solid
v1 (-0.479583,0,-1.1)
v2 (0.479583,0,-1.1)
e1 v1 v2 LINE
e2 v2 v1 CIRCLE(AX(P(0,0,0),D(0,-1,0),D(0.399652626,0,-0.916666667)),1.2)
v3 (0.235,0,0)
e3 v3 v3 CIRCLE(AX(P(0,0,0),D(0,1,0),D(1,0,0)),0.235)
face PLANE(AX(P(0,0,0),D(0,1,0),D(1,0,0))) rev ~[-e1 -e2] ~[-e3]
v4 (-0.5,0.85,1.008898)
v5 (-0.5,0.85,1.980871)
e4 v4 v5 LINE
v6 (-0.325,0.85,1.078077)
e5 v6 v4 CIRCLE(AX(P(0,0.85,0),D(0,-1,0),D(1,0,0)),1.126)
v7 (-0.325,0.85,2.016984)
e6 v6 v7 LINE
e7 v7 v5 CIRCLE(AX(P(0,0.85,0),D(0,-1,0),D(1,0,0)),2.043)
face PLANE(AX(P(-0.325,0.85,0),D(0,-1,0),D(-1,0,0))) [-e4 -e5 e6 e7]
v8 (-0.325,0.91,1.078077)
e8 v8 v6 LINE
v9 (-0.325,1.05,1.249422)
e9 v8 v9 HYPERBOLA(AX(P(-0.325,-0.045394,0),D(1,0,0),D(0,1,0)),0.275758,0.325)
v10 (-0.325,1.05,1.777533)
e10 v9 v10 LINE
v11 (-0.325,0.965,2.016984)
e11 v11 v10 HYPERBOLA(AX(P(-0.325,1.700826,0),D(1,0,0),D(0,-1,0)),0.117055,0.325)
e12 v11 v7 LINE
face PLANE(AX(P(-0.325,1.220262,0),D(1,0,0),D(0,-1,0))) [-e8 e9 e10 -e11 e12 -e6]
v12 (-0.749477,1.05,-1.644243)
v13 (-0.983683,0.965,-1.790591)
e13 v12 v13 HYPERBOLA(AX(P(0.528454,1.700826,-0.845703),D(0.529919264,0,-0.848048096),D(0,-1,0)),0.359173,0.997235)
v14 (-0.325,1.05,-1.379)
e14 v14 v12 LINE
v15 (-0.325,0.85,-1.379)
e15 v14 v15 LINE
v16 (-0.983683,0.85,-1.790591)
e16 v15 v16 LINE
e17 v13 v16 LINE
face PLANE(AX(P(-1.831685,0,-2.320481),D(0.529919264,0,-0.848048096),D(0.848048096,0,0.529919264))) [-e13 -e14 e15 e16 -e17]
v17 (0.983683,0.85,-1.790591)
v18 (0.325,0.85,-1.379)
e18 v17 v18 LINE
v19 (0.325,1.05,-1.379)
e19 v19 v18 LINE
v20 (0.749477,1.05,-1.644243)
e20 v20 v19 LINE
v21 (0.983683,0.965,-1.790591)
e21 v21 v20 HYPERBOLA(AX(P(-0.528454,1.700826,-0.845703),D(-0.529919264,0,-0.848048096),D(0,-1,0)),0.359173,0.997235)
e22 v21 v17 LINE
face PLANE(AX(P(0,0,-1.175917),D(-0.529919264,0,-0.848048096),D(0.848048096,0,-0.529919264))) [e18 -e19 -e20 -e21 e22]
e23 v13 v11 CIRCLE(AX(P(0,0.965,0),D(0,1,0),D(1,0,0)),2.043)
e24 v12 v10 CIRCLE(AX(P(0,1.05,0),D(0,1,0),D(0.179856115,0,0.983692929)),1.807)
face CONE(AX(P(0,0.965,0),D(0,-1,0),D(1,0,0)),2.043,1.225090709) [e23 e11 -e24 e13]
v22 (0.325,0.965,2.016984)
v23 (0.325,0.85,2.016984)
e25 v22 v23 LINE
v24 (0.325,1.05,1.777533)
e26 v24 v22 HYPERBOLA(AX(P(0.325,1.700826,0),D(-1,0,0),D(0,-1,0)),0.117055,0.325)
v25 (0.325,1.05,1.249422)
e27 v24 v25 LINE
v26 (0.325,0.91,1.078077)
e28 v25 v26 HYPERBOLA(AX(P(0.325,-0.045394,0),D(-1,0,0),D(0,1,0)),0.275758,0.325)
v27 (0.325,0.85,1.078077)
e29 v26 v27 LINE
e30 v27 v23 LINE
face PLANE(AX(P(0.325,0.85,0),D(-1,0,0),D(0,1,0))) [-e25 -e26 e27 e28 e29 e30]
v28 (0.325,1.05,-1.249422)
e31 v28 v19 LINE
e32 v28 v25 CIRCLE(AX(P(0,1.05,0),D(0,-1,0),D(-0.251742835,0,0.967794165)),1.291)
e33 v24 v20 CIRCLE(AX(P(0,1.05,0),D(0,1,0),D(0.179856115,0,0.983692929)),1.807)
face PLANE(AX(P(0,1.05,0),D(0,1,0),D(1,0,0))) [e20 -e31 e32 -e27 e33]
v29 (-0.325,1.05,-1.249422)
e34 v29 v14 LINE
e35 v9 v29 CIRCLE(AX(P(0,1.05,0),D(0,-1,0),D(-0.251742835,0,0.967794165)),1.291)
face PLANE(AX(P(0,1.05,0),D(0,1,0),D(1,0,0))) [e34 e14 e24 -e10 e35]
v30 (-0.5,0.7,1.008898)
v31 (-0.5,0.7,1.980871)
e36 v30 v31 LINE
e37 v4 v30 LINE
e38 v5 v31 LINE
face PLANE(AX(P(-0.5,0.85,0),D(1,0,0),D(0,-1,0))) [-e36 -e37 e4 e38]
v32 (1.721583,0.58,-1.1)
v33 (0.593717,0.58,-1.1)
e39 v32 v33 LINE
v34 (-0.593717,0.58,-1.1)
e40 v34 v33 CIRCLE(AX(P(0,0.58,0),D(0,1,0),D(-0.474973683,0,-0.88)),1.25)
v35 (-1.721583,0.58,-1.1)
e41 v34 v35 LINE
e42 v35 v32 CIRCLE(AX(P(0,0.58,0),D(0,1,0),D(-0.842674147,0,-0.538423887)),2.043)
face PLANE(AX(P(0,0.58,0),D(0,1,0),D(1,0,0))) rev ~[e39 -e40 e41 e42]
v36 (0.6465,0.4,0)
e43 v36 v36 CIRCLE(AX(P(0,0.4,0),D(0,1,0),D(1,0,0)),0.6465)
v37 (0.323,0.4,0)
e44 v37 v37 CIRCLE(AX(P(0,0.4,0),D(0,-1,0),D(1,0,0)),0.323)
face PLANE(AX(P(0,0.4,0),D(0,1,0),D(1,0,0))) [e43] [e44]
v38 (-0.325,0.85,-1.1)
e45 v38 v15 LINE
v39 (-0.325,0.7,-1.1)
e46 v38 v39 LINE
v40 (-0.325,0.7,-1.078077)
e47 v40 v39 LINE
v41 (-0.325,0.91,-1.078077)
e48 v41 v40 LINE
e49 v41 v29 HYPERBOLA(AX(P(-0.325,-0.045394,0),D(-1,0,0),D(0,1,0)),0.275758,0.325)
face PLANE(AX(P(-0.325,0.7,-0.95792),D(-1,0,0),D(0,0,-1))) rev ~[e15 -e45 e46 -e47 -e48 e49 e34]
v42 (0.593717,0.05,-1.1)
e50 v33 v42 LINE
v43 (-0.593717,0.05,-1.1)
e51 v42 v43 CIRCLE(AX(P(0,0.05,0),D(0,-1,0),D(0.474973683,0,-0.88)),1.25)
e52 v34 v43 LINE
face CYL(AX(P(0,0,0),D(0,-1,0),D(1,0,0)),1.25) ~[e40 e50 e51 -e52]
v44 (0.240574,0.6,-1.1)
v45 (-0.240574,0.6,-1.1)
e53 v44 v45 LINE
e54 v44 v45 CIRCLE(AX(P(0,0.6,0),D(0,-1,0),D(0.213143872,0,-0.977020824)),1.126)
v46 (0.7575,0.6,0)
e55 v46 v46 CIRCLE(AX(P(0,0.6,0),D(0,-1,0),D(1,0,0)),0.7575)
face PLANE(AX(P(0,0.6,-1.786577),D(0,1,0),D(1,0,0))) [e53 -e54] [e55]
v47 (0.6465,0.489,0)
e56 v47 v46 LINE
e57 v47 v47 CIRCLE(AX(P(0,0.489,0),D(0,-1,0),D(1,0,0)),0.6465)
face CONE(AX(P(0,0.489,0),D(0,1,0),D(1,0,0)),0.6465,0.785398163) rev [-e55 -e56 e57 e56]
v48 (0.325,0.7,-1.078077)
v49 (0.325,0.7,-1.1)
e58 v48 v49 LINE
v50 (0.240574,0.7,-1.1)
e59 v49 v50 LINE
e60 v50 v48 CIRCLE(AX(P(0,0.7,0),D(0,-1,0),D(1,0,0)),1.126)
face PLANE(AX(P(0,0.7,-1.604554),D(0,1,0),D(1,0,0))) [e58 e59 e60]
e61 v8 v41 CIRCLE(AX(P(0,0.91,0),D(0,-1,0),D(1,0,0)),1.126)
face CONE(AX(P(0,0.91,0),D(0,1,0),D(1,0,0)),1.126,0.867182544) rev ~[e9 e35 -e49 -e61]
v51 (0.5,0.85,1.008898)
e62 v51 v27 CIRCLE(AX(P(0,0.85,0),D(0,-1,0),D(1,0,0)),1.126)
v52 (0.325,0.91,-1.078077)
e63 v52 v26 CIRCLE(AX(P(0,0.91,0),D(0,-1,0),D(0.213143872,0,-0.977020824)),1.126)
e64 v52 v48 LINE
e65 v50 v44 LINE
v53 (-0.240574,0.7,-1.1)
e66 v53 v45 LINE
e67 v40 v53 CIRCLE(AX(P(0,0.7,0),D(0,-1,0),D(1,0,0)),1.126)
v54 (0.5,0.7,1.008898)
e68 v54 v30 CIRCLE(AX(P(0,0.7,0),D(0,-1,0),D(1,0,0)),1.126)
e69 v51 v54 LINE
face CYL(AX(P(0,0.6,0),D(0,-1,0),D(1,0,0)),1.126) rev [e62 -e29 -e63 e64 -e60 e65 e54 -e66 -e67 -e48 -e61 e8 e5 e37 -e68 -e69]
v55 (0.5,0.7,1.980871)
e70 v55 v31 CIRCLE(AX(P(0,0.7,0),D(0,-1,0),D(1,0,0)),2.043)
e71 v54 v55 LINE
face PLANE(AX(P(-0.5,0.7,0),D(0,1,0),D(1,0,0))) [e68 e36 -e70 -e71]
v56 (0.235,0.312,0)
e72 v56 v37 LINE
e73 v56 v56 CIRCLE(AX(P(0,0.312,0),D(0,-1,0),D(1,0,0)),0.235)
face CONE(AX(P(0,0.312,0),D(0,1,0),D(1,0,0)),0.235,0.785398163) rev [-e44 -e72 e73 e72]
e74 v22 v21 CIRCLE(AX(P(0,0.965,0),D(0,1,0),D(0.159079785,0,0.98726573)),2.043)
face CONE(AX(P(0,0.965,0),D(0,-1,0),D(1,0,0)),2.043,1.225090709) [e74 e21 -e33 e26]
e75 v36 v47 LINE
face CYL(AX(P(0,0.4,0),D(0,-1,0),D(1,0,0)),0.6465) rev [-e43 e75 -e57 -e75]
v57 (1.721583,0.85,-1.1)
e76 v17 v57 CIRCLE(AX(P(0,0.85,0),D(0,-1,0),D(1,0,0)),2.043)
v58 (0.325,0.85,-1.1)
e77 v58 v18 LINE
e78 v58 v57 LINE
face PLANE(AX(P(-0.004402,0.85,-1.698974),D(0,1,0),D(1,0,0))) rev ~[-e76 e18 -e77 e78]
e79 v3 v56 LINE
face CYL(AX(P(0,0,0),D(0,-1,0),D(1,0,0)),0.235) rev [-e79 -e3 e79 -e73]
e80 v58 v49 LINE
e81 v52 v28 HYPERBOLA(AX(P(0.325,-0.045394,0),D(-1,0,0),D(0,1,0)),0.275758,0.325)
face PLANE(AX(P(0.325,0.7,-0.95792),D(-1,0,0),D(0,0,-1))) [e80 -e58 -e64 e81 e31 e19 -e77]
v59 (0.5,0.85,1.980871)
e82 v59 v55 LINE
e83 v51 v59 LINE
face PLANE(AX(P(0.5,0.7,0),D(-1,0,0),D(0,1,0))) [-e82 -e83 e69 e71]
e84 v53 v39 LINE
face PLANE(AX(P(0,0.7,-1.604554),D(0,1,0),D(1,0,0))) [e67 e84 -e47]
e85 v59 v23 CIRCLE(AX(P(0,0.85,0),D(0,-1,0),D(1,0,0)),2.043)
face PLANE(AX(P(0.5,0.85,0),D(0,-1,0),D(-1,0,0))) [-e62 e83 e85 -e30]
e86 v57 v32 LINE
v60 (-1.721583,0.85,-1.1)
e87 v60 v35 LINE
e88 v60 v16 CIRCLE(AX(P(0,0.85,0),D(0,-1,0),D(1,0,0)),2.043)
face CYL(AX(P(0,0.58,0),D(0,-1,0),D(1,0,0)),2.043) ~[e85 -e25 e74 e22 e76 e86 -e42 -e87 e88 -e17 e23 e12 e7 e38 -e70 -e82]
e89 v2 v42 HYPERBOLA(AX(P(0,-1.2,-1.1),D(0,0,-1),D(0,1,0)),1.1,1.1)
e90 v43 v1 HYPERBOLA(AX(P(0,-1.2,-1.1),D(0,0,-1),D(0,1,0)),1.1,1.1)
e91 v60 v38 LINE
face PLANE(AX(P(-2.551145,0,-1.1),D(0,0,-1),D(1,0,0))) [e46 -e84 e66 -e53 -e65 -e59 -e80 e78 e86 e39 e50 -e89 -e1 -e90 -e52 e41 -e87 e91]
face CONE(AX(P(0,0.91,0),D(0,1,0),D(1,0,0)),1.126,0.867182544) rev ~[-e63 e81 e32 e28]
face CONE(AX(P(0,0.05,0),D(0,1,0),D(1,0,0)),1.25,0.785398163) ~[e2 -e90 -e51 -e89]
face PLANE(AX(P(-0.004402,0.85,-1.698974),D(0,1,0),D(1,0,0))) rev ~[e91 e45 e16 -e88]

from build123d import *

# Parameters (mm, degrees)
SKETCH1_R           = 1.25
BOSS_EXTRUDE1_DEPTH = 0.58
SKETCH2_R           = 2.043
BOSS_EXTRUDE2_DEPTH = 0.47
CUT_EXTRUDE1_REACH  = 3.45
CUT_EXTRUDE1_START  = 0.4
SKETCH3_R           = 0.6465
CUT_EXTRUDE2_REACH  = 3.65
CUT_EXTRUDE2_START  = 0.6
SKETCH4_R           = 1.126
CUT_EXTRUDE3_REACH  = 3.05
SKETCH5_R           = 0.235
CHAMFER1_SIZE       = 0.05
CHAMFER2_SIZE       = 0.088
CHAMFER3_SIZE       = 0.111
CHAMFER4_SIZE       = 0.165
CHAMFER4_SIZE2      = 0.14
CHAMFER5_SIZE       = 0.085
CHAMFER5_SIZE2      = 0.236
CUT_EXTRUDE4_REACH  = 4.043
CUT_EXTRUDE5_REACH  = 2.45
SKETCH8_W           = 0.48
SKETCH8_H           = 1.704544177
SKETCH9_W           = 0.65
SKETCH9_H           = 1.293267811
CUT_EXTRUDE6_DEPTH  = 0.35
SKETCH10_W          = 5.093485532
SKETCH10_H          = 1.197948417
CUT_EXTRUDE7_DEPTH  = 0.85
CUT_EXTRUDE8_DEPTH  = 2.05


with BuildPart() as part:
    # Sketch1 → Boss-Extrude1 (new body)
    with BuildSketch(Plane(origin=(0, 0, 0), x_dir=(1, 0, 0), z_dir=(0, 1, 0))):
        Circle(SKETCH1_R)
    extrude(amount=BOSS_EXTRUDE1_DEPTH)

    # Sketch2 → Boss-Extrude2 (add)
    with BuildSketch(Plane(origin=(0, 0.58, 0), x_dir=(1, 0, 0), z_dir=(0, 1, 0))):
        Circle(SKETCH2_R)
    extrude(amount=BOSS_EXTRUDE2_DEPTH)

    # Sketch3 → Cut-Extrude1 (cut, up to next)
    with BuildSketch(Plane(origin=(0, 0, 0), x_dir=(1, 0, 0), z_dir=(0, 1, 0)).offset(CUT_EXTRUDE1_START), mode=Mode.PRIVATE) as cut_extrude1_sk1:
        Circle(SKETCH3_R)
    cut_extrude1_tool1 = extrude(cut_extrude1_sk1.sketch, amount=CUT_EXTRUDE1_REACH, mode=Mode.PRIVATE) & part.part
    add(cut_extrude1_tool1.solids().sort_by_distance((0, 0.4, 0))[0], mode=Mode.SUBTRACT)

    # Sketch4 → Cut-Extrude2 (cut, up to next)
    with BuildSketch(Plane(origin=(0, 0, 0), x_dir=(1, 0, 0), z_dir=(0, 1, 0)).offset(CUT_EXTRUDE2_START), mode=Mode.PRIVATE) as cut_extrude2_sk1:
        Circle(SKETCH4_R)
    cut_extrude2_tool1 = extrude(cut_extrude2_sk1.sketch, amount=CUT_EXTRUDE2_REACH, mode=Mode.PRIVATE) & part.part
    add(cut_extrude2_tool1.solids().sort_by_distance((0, 0.6, 0))[0], mode=Mode.SUBTRACT)

    # Sketch5 → Cut-Extrude3 (cut, up to next)
    with BuildSketch(Plane(origin=(0, 0, 0), x_dir=(1, 0, 0), z_dir=(0, 1, 0)), mode=Mode.PRIVATE) as cut_extrude3_sk1:
        Circle(SKETCH5_R)
    cut_extrude3_tool1 = extrude(cut_extrude3_sk1.sketch, amount=CUT_EXTRUDE3_REACH, mode=Mode.PRIVATE) & part.part
    add(cut_extrude3_tool1.solids().sort_by_distance((0, 0, 0))[0], mode=Mode.SUBTRACT)

    # Chamfer1
    chamfer1_edges = [part.edges().sort_by_distance(p)[0] for p in [
        (-1.25, 0, 0),
    ]]
    chamfer(chamfer1_edges, length=CHAMFER1_SIZE)

    # Chamfer2
    chamfer2_edges = [part.edges().sort_by_distance(p)[0] for p in [
        (-0.235, 0.4, 0),
    ]]
    chamfer(chamfer2_edges, length=CHAMFER2_SIZE)

    # Chamfer3
    chamfer3_edges = [part.edges().sort_by_distance(p)[0] for p in [
        (-0.6465, 0.6, 0),
    ]]
    chamfer(chamfer3_edges, length=CHAMFER3_SIZE)

    # Chamfer4
    chamfer4_edges = [part.edges().sort_by_distance(p)[0] for p in [
        (-1.126, 1.05, 0),
    ]]
    chamfer4_side = [part.faces().sort_by_distance(p)[0] for p in [
        (-1.985215234, 1.05, 0),
    ]]
    chamfer(chamfer4_edges, length=CHAMFER4_SIZE, length2=CHAMFER4_SIZE2, reference=chamfer4_side[0])

    # Chamfer5
    chamfer5_edges = [part.edges().sort_by_distance(p)[0] for p in [
        (-2.043, 1.05, 0),
    ]]
    chamfer5_side = [part.faces().sort_by_distance(p)[0] for p in [
        (-2.043, 0.815, 0),
    ]]
    chamfer(chamfer5_edges, length=CHAMFER5_SIZE, length2=CHAMFER5_SIZE2, reference=chamfer5_side[0])

    # Sketch7 → Cut-Extrude4 (cut, up to next)
    with BuildSketch(Plane.XY, mode=Mode.PRIVATE) as cut_extrude4_sk1:
        Polygon((-0.325, 1.220261845), (-0.325, 0.85), (-0.5, 0.85), (-0.5, 0.7), (0.5, 0.7), (0.5, 0.85), (0.325, 0.85), (0.325, 1.220261845), align=None)
    cut_extrude4_tool1 = extrude(cut_extrude4_sk1.sketch, amount=CUT_EXTRUDE4_REACH, mode=Mode.PRIVATE) & part.part
    add(cut_extrude4_tool1.solids().sort_by_distance((0, 0.935252, 0))[0], mode=Mode.SUBTRACT)

    # Sketch8 → Cut-Extrude5 (cut, up to next)
    with BuildSketch(Plane(origin=(0, 0.6, 0), x_dir=(1, 0, 0), z_dir=(0, 1, 0)), mode=Mode.PRIVATE) as cut_extrude5_sk1:
        with Locations((0, 1.786577137)):
            Rectangle(SKETCH8_W, SKETCH8_H)
    cut_extrude5_tool1 = extrude(cut_extrude5_sk1.sketch, amount=CUT_EXTRUDE5_REACH, mode=Mode.PRIVATE) & part.part
    add(cut_extrude5_tool1.solids().sort_by_distance((0, 0.6, -1.786577))[0], mode=Mode.SUBTRACT)

    # Sketch9 → Cut-Extrude6 (cut)
    with BuildSketch(Plane(origin=(0, 0.7, 0), x_dir=(1, 0, 0), z_dir=(0, 1, 0))):
        with Locations((0, 1.604554183)):
            Rectangle(SKETCH9_W, SKETCH9_H)
    extrude(amount=CUT_EXTRUDE6_DEPTH, mode=Mode.SUBTRACT)

    # Sketch10 → Cut-Extrude7 (cut)
    with BuildSketch(Plane(origin=(0, 0, 0), x_dir=(1, 0, 0), z_dir=(0, 1, 0))):
        with Locations((-0.004402354, 1.698974209)):
            Rectangle(SKETCH10_W, SKETCH10_H)
    extrude(amount=CUT_EXTRUDE7_DEPTH, mode=Mode.SUBTRACT)

    # Sketch11 → Cut-Extrude8 (cut, through all)
    with BuildSketch(Plane(origin=(0, 0, 0), x_dir=(1, 0, 0), z_dir=(0, 1, 0))):
        Polygon((-1.831685312, 2.320481475), (0, 1.175917461), (1.831685312, 2.320481475), align=None)
    extrude(amount=CUT_EXTRUDE8_DEPTH, mode=Mode.SUBTRACT)


solid = part.part
